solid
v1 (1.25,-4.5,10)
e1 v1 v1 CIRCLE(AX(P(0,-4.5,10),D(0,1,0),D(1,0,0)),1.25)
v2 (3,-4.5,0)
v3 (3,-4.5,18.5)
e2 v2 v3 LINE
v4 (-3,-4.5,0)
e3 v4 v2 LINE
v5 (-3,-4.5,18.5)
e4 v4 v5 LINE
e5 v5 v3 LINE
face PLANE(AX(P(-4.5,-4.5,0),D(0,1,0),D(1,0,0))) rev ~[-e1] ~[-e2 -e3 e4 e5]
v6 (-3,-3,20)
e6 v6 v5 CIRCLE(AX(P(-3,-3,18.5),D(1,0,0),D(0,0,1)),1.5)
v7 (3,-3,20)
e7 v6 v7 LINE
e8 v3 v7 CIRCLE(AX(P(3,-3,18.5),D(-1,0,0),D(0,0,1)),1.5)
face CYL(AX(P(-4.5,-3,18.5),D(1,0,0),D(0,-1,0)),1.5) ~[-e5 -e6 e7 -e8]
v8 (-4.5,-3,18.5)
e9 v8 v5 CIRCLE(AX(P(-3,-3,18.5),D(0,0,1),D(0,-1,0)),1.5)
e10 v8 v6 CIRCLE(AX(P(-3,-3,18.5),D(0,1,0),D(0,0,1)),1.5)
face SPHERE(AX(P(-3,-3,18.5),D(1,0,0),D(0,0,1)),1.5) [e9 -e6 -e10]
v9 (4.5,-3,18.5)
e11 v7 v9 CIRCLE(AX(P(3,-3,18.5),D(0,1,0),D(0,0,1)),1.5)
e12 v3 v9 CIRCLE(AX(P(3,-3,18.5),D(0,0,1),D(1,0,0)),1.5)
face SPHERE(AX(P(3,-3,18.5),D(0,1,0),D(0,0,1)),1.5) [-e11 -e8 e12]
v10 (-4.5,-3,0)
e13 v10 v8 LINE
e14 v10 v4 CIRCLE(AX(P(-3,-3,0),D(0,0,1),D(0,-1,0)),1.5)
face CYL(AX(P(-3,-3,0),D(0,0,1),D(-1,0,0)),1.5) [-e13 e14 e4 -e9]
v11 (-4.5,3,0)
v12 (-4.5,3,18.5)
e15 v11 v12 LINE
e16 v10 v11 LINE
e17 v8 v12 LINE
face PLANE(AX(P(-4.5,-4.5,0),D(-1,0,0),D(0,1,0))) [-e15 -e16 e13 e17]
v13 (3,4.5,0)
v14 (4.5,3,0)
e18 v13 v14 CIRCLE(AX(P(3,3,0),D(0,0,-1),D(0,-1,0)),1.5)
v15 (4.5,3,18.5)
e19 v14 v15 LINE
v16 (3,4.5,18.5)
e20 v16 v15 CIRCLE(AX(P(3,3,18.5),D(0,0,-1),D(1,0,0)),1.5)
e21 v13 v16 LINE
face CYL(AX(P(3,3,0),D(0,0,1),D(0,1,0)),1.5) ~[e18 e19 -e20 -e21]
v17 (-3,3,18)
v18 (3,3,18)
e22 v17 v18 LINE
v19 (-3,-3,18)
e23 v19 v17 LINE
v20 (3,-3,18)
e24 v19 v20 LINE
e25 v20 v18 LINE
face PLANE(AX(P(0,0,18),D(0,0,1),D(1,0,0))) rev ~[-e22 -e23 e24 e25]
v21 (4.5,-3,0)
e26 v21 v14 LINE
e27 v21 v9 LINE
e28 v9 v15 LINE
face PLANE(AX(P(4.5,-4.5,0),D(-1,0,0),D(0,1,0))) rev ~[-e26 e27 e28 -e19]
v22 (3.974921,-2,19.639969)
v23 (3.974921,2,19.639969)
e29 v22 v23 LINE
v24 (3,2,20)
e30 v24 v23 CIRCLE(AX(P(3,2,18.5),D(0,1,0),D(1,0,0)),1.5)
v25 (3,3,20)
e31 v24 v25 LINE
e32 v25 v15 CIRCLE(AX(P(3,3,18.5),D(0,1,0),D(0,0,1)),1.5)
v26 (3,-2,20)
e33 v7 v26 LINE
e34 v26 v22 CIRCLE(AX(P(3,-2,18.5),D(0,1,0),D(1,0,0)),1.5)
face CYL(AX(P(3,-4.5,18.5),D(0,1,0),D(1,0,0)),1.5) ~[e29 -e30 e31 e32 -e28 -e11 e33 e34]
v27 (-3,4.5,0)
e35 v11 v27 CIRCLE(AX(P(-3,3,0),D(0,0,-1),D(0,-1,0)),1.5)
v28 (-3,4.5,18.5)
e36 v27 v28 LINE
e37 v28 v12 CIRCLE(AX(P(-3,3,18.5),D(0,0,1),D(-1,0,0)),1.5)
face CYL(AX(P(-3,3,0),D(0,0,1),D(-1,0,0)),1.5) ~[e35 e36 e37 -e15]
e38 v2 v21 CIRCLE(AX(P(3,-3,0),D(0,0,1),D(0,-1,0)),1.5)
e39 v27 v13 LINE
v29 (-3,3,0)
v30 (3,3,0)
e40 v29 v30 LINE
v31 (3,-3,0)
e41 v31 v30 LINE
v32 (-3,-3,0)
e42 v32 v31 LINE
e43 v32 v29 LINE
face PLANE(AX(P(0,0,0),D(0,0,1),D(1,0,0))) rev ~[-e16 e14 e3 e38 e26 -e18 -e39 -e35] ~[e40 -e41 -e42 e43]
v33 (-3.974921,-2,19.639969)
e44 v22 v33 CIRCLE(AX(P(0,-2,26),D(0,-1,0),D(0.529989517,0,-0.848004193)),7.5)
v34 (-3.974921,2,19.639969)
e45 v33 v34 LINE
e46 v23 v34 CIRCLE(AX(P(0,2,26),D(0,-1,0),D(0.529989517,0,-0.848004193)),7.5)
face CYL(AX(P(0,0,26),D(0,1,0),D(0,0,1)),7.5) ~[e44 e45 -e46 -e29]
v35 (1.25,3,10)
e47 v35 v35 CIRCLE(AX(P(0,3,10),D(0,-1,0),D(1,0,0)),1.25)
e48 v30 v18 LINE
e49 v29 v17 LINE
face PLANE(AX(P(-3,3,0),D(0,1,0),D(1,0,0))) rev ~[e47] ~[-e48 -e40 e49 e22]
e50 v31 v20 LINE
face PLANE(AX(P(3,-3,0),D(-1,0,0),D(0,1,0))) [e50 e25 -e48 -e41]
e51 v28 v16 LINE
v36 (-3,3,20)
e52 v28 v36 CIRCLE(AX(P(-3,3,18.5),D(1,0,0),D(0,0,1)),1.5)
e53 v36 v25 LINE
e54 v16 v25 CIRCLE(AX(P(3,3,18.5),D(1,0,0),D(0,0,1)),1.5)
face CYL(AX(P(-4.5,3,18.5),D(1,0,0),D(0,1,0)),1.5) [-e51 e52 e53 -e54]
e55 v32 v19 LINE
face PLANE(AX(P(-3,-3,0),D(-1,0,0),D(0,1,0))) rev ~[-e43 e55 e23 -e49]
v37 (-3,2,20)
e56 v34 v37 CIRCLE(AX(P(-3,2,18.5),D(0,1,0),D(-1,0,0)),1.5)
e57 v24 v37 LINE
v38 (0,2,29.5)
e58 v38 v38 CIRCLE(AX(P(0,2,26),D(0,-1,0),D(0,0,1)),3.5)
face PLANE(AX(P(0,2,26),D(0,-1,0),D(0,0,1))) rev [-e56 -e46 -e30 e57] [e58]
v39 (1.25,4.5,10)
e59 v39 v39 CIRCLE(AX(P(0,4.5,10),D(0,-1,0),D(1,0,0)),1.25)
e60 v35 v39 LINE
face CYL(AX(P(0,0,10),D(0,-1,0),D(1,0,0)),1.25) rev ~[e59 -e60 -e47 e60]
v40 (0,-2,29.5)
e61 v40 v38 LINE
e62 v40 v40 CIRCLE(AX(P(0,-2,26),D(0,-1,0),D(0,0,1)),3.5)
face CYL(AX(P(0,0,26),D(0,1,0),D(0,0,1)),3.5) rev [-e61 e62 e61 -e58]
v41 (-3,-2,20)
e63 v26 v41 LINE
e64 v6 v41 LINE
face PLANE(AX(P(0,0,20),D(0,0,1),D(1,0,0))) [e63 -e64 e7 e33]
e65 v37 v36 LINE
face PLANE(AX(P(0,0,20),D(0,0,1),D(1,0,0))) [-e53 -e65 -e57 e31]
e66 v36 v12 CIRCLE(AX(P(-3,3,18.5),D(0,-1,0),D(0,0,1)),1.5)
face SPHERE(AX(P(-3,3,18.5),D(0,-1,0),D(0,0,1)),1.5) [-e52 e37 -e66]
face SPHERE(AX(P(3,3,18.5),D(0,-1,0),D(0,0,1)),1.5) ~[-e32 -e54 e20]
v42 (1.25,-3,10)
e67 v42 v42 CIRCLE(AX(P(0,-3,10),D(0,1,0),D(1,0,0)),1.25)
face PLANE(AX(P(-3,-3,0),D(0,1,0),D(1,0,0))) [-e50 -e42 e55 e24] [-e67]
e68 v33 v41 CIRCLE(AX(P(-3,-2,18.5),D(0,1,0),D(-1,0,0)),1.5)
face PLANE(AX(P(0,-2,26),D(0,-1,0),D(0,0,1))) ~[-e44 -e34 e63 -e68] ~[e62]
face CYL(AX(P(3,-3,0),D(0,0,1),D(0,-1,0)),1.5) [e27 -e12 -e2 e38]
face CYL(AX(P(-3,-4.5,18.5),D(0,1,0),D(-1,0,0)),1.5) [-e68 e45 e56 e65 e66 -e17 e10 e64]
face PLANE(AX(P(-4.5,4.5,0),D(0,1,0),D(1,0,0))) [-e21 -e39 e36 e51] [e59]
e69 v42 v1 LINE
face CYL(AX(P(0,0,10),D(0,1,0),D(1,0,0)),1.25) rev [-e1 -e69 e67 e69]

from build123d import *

# Parameters (mm, degrees)
F0_W          = 9
F0_H          = 9
F0_W_2        = 6
F0_H_2        = 6
F1_DEPTH      = 20
F2_START      = 18
F2_DEPTH      = 2
F3_R          = 1.5
F5_W          = 4
F5_H          = 4
F7_R          = 1.25
F8_DEPTH      = 25
F8_DEPTH_BACK = 25


with BuildPart() as f1:
    # F0 (on Top) → F1 (new body)
    with BuildSketch(Plane.XY):
        Rectangle(F0_W, F0_H)
        Rectangle(F0_W_2, F0_H_2, mode=Mode.SUBTRACT)
    extrude(amount=F1_DEPTH)

    # F0 (on Top) → F2 (join)
    with BuildSketch(Plane.XY.offset(F2_START)):
        Rectangle(F0_W_2, F0_H_2)
    extrude(amount=F2_DEPTH)

    # F3
    f3_edges = [f1.edges().sort_by_distance(p)[0] for p in [
        (4.5, 0, 20),
        (0, -4.5, 20),
        (-4.5, 0, 20),
        (0, 4.5, 20),
        (4.5, -4.5, 10),
        (4.5, 4.5, 10),
        (-4.5, -4.5, 10),
        (-4.5, 4.5, 10),
    ]]
    fillet(f3_edges, radius=F3_R)

    # F5 (on Right) → F6 (revolve)
    with BuildSketch(Plane.YZ):
        with Locations((0, 31.5)):
            Rectangle(F5_W, F5_H)
    revolve(axis=Axis((0, 0, 26), (0, -1, 0)))

    # F7 (on Front) → F8 (cut, two sides)
    with BuildSketch(Plane.XZ) as f8_sk:
        with Locations((0, 10)):
            Circle(F7_R)
    extrude(amount=F8_DEPTH, mode=Mode.SUBTRACT)
    extrude(f8_sk.sketch, amount=-F8_DEPTH_BACK, mode=Mode.SUBTRACT)


solid = f1.part
